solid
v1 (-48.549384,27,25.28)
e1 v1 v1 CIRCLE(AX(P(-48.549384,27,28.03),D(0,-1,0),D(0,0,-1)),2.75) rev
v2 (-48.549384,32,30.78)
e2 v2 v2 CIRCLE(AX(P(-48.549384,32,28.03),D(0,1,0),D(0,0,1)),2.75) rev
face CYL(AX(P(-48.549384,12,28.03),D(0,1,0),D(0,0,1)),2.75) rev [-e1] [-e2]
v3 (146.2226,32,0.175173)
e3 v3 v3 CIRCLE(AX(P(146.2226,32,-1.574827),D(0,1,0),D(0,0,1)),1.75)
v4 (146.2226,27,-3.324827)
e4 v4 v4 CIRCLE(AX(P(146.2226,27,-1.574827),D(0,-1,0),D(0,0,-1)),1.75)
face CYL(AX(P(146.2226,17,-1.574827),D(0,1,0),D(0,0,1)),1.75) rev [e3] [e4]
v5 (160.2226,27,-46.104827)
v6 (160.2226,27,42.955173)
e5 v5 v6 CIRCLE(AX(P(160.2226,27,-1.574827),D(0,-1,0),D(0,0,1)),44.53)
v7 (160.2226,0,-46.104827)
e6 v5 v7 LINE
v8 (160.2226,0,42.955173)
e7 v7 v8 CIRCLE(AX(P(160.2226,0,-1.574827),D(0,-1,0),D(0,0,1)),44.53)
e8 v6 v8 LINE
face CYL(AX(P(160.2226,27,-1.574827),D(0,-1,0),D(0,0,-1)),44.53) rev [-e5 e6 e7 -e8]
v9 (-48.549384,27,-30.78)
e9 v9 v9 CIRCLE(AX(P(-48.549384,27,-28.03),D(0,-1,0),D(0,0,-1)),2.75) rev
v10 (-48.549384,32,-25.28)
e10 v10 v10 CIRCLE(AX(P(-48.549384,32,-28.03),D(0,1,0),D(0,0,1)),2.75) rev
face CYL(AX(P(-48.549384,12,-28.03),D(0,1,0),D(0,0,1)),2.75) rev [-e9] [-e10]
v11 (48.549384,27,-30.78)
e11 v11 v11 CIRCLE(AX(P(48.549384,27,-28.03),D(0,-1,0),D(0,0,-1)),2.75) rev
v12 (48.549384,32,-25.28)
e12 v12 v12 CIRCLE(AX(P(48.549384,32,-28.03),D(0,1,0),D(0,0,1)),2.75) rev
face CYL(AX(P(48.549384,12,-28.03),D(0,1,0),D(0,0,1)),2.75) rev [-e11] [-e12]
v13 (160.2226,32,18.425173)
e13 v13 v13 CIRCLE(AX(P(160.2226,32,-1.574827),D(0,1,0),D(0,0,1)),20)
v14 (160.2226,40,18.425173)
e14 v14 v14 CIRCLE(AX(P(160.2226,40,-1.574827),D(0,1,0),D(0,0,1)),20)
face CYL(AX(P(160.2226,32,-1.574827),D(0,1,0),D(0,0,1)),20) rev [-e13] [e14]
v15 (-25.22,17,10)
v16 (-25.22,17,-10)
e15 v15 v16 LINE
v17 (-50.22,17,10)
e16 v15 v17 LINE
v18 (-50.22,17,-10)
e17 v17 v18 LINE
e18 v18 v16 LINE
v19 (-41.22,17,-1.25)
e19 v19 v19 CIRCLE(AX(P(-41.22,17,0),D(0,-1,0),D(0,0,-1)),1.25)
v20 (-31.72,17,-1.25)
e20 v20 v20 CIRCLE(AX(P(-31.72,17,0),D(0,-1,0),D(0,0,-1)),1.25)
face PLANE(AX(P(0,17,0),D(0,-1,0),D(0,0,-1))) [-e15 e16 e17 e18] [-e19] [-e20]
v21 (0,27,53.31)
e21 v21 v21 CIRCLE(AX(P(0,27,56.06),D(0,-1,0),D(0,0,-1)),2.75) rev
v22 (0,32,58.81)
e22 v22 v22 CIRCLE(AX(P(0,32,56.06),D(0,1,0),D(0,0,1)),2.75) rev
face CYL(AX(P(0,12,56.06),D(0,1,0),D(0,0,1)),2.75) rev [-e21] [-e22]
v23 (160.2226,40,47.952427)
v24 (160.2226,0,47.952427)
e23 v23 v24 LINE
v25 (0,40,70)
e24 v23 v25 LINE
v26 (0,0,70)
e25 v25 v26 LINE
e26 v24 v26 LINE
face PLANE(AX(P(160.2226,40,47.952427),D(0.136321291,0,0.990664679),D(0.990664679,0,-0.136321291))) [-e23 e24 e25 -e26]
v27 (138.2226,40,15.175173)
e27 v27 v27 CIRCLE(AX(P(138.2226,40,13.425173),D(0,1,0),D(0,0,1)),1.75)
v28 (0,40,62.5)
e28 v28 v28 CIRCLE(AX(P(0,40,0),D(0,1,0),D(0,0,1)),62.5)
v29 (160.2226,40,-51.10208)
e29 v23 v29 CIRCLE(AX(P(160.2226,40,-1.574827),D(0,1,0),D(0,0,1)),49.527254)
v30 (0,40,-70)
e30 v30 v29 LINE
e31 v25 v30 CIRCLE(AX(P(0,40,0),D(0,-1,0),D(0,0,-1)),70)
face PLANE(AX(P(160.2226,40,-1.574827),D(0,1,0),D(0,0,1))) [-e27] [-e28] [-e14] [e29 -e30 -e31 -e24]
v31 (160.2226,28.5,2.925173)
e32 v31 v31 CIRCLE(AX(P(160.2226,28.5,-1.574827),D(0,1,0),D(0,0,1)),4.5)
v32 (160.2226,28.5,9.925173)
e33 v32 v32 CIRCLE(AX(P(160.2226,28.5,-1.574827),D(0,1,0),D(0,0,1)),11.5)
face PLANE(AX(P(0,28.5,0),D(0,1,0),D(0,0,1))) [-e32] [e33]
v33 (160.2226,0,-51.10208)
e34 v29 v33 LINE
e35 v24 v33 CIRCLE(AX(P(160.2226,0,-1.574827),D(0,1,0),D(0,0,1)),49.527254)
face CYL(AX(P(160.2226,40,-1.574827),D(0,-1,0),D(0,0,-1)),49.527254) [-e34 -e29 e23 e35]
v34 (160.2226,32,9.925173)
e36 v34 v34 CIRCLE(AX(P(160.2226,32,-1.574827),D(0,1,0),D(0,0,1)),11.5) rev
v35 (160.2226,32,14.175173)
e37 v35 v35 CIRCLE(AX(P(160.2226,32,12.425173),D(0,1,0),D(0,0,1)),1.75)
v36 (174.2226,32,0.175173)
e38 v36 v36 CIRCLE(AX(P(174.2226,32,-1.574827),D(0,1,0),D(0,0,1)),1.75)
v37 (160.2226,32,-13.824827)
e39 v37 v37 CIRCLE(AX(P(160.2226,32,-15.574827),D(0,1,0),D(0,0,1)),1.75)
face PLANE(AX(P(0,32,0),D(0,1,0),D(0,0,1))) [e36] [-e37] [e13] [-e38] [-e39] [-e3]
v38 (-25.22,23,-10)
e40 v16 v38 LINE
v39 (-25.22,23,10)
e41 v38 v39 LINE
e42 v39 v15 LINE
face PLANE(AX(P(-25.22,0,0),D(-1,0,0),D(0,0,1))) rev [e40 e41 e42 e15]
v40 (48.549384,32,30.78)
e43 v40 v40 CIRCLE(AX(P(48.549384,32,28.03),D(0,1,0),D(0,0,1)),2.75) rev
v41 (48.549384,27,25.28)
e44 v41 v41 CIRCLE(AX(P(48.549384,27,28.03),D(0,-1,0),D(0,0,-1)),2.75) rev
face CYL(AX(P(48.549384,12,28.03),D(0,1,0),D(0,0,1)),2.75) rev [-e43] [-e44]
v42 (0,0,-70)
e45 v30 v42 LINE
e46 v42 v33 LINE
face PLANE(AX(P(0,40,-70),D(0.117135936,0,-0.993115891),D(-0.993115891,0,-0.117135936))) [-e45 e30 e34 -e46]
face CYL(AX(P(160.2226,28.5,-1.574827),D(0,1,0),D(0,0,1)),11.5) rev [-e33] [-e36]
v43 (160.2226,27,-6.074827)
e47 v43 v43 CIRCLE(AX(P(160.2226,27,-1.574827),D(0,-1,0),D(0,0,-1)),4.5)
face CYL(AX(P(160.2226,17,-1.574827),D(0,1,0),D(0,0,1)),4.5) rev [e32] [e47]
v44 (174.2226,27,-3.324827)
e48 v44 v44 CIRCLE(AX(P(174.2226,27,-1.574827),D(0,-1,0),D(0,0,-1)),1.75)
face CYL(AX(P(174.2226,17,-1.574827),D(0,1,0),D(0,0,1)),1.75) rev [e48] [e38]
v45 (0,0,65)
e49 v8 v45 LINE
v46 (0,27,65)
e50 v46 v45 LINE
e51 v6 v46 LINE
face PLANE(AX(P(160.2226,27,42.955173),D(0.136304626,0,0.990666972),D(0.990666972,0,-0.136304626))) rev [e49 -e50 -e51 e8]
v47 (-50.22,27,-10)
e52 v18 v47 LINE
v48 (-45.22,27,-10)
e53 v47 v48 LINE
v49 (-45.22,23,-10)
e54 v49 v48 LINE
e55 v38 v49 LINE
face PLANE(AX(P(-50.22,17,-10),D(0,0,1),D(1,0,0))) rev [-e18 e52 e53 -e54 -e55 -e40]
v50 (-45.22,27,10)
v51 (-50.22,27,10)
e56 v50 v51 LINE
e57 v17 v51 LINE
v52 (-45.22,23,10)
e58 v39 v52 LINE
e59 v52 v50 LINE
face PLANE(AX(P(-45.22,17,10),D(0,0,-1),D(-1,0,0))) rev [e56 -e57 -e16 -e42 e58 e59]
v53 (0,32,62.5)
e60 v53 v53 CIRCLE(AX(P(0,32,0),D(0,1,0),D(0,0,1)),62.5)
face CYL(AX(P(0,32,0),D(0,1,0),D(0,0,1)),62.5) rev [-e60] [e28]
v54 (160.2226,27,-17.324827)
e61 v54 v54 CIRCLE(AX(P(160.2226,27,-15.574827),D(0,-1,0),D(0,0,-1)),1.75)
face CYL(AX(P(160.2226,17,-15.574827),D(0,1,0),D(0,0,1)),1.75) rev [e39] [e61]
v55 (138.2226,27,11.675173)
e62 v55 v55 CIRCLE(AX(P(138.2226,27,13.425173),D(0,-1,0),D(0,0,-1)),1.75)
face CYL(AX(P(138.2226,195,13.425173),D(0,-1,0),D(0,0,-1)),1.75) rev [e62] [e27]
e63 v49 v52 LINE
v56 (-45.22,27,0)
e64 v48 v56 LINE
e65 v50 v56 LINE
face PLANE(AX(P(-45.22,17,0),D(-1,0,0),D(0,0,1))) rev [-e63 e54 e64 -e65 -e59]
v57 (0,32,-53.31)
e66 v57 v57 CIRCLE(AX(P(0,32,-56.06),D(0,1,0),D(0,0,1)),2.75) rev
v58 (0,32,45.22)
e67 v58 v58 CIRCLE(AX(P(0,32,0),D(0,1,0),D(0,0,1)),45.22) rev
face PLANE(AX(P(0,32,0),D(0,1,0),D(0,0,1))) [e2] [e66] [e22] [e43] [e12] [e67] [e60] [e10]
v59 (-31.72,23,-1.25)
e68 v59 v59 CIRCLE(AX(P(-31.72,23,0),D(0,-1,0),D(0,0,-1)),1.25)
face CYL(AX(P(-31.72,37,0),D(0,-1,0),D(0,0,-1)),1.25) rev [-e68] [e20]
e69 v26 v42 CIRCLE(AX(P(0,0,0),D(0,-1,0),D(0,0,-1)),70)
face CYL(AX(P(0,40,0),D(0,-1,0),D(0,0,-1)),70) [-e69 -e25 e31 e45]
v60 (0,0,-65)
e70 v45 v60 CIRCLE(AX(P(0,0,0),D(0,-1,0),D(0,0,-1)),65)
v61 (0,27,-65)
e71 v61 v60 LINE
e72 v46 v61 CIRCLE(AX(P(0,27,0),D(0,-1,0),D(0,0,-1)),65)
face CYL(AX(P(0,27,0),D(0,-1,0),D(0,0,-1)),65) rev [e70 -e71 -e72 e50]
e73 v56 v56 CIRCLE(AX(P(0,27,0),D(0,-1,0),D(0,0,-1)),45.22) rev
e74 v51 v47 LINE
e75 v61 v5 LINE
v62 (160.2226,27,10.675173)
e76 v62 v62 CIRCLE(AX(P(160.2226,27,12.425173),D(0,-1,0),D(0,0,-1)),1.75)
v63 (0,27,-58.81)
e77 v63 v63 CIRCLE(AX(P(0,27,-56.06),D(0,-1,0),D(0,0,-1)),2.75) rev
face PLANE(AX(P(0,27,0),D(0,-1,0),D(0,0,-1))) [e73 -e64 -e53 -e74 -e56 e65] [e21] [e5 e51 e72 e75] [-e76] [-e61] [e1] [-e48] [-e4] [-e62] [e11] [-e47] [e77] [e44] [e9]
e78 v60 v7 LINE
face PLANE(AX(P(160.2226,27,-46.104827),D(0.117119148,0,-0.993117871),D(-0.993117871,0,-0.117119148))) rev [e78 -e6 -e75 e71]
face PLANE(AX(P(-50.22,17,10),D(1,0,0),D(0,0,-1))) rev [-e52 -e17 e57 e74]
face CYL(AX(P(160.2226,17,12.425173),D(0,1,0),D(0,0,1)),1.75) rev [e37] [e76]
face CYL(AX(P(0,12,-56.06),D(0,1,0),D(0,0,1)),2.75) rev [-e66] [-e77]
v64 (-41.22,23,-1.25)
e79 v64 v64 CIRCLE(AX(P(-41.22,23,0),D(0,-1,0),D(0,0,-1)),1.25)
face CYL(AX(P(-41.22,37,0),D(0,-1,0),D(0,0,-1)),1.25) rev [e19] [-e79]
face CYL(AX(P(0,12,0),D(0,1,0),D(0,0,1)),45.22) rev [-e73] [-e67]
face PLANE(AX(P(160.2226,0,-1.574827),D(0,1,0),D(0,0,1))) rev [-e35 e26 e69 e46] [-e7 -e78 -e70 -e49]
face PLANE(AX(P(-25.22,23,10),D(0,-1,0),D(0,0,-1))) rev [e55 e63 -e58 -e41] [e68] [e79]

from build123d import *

# Parameters (mm, degrees)
BOSS_EXTRUDE1_DEPTH = 40
SKETCH2_R           = 45.22
SKETCH2_R_2         = 2.75
CUT_EXTRUDE1_DEPTH  = 28
SKETCH4_R           = 62.5
CUT_EXTRUDE2_DEPTH  = 8
CUT_EXTRUDE3_DEPTH  = 27
SKETCH6_R           = 1.75
SKETCH6_R_2         = 4.5
CUT_EXTRUDE4_DEPTH  = 23
SKETCH6_3_R         = 11.5
SKETCH6_3_R_2       = 4.5
CUT_EXTRUDE5_DEPTH  = 11.5
BOSS_EXTRUDE2_DEPTH = 10
SKETCH8_W           = 20
SKETCH8_H           = 6
BOSS_EXTRUDE3_DEPTH = 20
SKETCH9_R           = 1.25
CUT_EXTRUDE6_DEPTH  = 20
SKETCH6_4_R         = 20
SKETCH6_4_R_2       = 1.75
SKETCH6_4_R_3       = 4.5
CUT_EXTRUDE7_DEPTH  = 8
CUT_EXTRUDE8_START  = -168
SKETCH11_R          = 4.5
SKETCH11_R_2        = 1.75
CUT_EXTRUDE8_DEPTH  = 168


with BuildPart() as part:
    # Sketch1 → Boss-Extrude1 (new body)
    with BuildSketch(Plane(origin=(0, 0, 0), x_dir=(1, 0, 0), z_dir=(0, 1, 0))):
        with BuildLine():
            Line((0, 70), (160.2226, 51.102080384))
            ThreePointArc((160.2226, 51.102080384), (209.74985375, 1.574826635), (160.2226, -47.952427115))
            Line((160.2226, -47.952427115), (0, -70))
            ThreePointArc((0, -70), (-70, 0), (0, 70))
        make_face()
    extrude(amount=BOSS_EXTRUDE1_DEPTH)

    # Sketch2 → Cut-Extrude1 (cut)
    with BuildSketch(Plane(origin=(0, 40, 0), x_dir=(1, 0, 0), z_dir=(0, 1, 0))):
        Circle(SKETCH2_R)
        with Locations((0, 56.06)):
            Circle(SKETCH2_R_2)
        with Locations((-48.549384136, 28.03)):
            Circle(SKETCH2_R_2)
        with Locations((-48.549384136, -28.03)):
            Circle(SKETCH2_R_2)
        with Locations((0, -56.06)):
            Circle(SKETCH2_R_2)
        with Locations((48.549384136, -28.03)):
            Circle(SKETCH2_R_2)
        with Locations((48.549384136, 28.03)):
            Circle(SKETCH2_R_2)
    extrude(amount=-CUT_EXTRUDE1_DEPTH, mode=Mode.SUBTRACT)

    # Sketch4 → Cut-Extrude2 (cut)
    with BuildSketch(Plane(origin=(0, 40, 0), x_dir=(1, 0, 0), z_dir=(0, 1, 0))):
        Circle(SKETCH4_R)
    extrude(amount=-CUT_EXTRUDE2_DEPTH, mode=Mode.SUBTRACT)

    # Sketch5 → Cut-Extrude3 (cut)
    with BuildSketch(Plane.XZ):
        with BuildLine():
            Line((160.2226, 42.955173365), (0, 65))
            ThreePointArc((0, 65), (-65, 0), (0, -65))
            Line((0, -65), (160.2226, -46.104826635))
            ThreePointArc((160.2226, -46.104826635), (204.7526, -1.574826635), (160.2226, 42.955173365))
        make_face()
    extrude(amount=-CUT_EXTRUDE3_DEPTH, mode=Mode.SUBTRACT)

    # Sketch6 → Cut-Extrude4 (cut)
    with BuildSketch(Plane(origin=(0, 40, 0), x_dir=(1, 0, 0), z_dir=(0, 1, 0))):
        with Locations((174.2226, 1.574826635)):
            Circle(SKETCH6_R)
        with Locations((160.2226, 15.574826635)):
            Circle(SKETCH6_R)
        with Locations((160.2226, -12.425173365)):
            Circle(SKETCH6_R)
        with Locations((146.2226, 1.574826635)):
            Circle(SKETCH6_R)
        with Locations((160.2226, 1.574826635)):
            Circle(SKETCH6_R_2)
    extrude(amount=-CUT_EXTRUDE4_DEPTH, mode=Mode.SUBTRACT)

    # Sketch6<3> → Cut-Extrude5 (cut)
    with BuildSketch(Plane(origin=(0, 40, 0), x_dir=(1, 0, 0), z_dir=(0, 1, 0))):
        with Locations((160.2226, 1.574826635)):
            Circle(SKETCH6_3_R)
        with Locations((160.2226, 1.574826635)):
            Circle(SKETCH6_3_R_2, mode=Mode.SUBTRACT)
    extrude(amount=-CUT_EXTRUDE5_DEPTH, mode=Mode.SUBTRACT)

    # Sketch7 → Boss-Extrude2 (add)
    with BuildSketch(Plane.XZ.offset(-27)):
        Polygon((-45.22, 0), (-45.22, 10), (-50.22, 10), (-50.22, -10), (-45.22, -10), align=None)
    extrude(amount=BOSS_EXTRUDE2_DEPTH)

    # Sketch8 → Boss-Extrude3 (add)
    with BuildSketch(Plane(origin=(-45.22, 0, 0), x_dir=(0, 0, -1), z_dir=(1, 0, 0))):
        with Locations((0, 20)):
            Rectangle(SKETCH8_W, SKETCH8_H)
    extrude(amount=BOSS_EXTRUDE3_DEPTH)

    # Sketch9 → Cut-Extrude6 (cut)
    with BuildSketch(Plane.XZ.offset(-17)):
        with Locations((-31.72, 0)):
            Circle(SKETCH9_R)
        with Locations((-41.22, 0)):
            Circle(SKETCH9_R)
    extrude(amount=-CUT_EXTRUDE6_DEPTH, mode=Mode.SUBTRACT)

    # Sketch6<4> → Cut-Extrude7 (cut)
    with BuildSketch(Plane(origin=(0, 40, 0), x_dir=(1, 0, 0), z_dir=(0, 1, 0))):
        with Locations((160.2226, 1.574826635)):
            Circle(SKETCH6_4_R)
        with Locations((174.2226, 1.574826635)):
            Circle(SKETCH6_4_R_2, mode=Mode.SUBTRACT)
        with Locations((160.2226, -12.425173365)):
            Circle(SKETCH6_4_R_2, mode=Mode.SUBTRACT)
        with Locations((146.2226, 1.574826635)):
            Circle(SKETCH6_4_R_2, mode=Mode.SUBTRACT)
        with Locations((160.2226, 15.574826635)):
            Circle(SKETCH6_4_R_2, mode=Mode.SUBTRACT)
        with Locations((160.2226, 1.574826635)):
            Circle(SKETCH6_4_R_3, mode=Mode.SUBTRACT)
    extrude(amount=-CUT_EXTRUDE7_DEPTH, mode=Mode.SUBTRACT)

    # Sketch11 → Cut-Extrude8 (cut)
    with BuildSketch(Plane.XZ.offset(-27).offset(CUT_EXTRUDE8_START)):
        with Locations((160.2226, -1.574826635)):
            Circle(SKETCH11_R)
        with Locations((138.2226, 13.425173365)):
            Circle(SKETCH11_R_2)
    extrude(amount=CUT_EXTRUDE8_DEPTH, mode=Mode.SUBTRACT)


solid = part.part
